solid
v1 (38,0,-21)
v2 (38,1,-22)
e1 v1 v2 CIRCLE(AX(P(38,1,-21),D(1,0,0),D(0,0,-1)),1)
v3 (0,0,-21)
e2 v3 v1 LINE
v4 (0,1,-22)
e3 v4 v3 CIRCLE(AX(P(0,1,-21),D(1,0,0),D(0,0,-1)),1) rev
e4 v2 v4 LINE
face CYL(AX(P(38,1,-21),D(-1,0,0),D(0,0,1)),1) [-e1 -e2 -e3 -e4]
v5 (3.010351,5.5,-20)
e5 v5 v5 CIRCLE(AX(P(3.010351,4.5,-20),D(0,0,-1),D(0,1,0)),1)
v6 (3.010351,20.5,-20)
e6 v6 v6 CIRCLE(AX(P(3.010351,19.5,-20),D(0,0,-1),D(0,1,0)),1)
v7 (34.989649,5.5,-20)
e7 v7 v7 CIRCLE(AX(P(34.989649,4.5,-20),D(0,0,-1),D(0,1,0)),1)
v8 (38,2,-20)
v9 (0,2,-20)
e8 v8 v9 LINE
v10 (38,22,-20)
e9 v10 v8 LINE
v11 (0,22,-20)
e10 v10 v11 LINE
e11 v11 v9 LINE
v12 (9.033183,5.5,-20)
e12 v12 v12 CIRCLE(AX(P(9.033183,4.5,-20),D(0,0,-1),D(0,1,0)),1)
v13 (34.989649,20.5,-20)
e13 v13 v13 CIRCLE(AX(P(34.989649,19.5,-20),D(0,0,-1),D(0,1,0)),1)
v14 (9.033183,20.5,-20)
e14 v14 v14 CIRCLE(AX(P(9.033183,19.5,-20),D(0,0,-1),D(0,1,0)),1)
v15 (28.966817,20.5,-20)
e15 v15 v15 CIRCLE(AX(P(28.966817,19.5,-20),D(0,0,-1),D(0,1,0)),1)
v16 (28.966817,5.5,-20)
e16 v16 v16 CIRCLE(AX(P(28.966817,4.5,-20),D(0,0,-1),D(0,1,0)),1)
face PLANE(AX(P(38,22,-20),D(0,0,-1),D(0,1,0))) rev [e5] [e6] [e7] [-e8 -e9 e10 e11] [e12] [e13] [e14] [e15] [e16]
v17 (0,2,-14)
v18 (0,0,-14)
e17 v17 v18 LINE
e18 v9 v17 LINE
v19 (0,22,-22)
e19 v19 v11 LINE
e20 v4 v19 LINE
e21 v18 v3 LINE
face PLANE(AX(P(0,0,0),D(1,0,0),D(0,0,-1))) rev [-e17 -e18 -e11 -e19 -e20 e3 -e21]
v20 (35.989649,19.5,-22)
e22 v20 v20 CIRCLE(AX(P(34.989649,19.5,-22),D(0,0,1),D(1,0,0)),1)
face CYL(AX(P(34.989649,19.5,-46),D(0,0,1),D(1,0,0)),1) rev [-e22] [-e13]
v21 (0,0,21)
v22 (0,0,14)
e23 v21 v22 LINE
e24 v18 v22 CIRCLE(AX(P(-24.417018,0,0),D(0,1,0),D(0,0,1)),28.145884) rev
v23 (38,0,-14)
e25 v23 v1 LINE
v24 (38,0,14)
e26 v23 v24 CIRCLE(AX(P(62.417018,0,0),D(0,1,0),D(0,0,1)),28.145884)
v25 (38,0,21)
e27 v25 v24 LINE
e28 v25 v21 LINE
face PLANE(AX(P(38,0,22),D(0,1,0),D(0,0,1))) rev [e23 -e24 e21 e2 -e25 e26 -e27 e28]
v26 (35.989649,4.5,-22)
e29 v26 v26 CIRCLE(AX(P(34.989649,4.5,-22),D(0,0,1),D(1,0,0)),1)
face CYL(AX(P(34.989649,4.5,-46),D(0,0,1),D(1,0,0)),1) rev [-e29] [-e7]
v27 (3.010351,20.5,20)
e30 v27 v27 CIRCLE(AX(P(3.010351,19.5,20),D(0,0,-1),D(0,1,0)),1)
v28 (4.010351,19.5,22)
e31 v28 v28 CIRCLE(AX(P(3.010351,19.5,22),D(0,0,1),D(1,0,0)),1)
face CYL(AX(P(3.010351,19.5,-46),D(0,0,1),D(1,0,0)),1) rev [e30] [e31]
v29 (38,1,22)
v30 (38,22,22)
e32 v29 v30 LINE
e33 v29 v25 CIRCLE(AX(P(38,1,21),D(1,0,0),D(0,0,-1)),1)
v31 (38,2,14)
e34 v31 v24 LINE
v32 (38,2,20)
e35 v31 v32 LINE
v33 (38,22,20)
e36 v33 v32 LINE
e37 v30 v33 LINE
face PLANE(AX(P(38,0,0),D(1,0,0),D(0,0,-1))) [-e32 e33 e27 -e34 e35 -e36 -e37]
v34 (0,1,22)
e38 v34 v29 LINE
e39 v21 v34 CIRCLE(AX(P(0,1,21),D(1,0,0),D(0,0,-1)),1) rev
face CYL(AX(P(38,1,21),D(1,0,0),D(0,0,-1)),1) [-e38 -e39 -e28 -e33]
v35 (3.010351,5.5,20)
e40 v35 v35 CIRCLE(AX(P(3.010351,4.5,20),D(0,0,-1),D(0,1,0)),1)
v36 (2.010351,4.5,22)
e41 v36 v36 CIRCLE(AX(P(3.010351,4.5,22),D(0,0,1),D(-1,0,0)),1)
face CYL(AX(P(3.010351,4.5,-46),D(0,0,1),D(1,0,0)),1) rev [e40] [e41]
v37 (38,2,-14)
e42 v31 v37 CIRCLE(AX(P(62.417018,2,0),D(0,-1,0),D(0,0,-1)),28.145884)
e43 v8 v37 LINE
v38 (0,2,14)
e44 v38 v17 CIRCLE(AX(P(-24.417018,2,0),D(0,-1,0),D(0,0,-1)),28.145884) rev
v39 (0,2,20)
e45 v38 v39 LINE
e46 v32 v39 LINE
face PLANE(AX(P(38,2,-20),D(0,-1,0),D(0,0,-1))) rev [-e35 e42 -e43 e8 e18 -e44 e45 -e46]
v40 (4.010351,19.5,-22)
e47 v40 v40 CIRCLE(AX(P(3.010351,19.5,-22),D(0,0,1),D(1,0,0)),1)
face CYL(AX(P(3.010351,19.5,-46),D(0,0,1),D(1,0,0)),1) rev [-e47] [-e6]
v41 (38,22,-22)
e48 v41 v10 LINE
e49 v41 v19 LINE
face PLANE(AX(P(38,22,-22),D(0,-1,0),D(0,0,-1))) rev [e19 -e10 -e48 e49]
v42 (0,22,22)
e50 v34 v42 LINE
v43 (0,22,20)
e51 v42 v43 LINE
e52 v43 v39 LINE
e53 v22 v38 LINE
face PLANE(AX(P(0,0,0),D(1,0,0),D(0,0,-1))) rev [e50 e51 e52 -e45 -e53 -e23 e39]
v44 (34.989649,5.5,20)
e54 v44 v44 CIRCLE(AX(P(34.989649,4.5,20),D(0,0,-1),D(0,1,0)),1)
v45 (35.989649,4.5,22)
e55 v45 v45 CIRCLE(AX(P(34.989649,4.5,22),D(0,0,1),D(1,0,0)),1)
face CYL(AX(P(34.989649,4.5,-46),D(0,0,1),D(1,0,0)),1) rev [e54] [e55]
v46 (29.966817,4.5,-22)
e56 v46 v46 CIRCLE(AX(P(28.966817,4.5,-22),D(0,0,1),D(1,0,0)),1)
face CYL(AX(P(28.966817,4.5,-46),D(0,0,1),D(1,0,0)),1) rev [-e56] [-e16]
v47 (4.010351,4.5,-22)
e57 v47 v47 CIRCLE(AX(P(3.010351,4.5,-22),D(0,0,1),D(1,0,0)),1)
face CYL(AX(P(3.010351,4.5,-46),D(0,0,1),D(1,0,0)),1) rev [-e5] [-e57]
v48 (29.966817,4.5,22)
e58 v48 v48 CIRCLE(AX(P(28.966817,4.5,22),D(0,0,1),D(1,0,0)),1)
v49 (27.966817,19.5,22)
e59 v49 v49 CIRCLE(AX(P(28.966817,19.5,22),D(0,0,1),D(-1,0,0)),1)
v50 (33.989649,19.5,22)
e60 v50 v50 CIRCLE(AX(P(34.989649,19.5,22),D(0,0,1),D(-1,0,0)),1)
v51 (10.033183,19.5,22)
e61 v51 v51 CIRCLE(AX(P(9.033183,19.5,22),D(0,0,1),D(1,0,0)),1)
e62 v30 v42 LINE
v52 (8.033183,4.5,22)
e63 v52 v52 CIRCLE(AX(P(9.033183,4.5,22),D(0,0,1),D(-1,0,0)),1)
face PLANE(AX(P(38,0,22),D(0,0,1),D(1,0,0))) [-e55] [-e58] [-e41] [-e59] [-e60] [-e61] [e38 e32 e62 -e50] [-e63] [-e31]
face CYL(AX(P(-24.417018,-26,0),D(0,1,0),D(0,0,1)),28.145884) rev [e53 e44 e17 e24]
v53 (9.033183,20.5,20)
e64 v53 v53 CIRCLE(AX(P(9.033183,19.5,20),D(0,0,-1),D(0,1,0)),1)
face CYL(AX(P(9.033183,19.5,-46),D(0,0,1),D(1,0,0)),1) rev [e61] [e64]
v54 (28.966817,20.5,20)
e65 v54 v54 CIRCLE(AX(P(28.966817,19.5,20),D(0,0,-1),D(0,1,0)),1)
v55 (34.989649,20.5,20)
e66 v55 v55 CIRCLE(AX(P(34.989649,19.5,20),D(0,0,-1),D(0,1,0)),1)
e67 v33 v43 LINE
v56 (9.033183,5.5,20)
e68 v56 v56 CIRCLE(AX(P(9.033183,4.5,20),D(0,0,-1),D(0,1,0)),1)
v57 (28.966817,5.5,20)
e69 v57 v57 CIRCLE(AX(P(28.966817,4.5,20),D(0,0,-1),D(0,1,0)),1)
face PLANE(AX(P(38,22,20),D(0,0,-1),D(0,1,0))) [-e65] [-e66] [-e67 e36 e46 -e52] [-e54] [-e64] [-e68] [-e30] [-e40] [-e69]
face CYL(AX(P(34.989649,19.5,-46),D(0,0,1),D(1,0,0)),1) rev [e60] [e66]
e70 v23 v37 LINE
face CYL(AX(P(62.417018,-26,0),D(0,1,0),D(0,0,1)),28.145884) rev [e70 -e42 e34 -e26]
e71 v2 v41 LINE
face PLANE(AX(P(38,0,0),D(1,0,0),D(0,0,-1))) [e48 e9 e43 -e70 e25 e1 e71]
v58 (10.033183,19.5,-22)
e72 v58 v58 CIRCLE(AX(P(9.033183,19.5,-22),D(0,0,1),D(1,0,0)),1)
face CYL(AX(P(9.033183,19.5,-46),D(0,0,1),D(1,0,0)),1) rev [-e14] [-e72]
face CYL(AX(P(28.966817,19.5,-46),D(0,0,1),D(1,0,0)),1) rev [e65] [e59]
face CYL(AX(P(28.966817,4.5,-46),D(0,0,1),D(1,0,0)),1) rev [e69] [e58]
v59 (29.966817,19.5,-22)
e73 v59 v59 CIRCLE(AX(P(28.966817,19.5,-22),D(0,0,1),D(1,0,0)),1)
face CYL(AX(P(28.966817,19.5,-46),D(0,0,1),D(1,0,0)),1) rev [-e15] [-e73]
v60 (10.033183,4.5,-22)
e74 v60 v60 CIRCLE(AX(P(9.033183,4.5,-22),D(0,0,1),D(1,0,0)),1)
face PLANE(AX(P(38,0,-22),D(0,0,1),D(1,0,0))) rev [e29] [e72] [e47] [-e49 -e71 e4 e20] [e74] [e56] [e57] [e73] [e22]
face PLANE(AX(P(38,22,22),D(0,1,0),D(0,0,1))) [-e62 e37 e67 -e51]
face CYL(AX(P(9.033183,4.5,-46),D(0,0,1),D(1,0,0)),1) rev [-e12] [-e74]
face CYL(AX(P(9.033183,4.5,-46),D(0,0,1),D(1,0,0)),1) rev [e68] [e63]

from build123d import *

# Parameters (mm, degrees)
EXTRUDE_1_DEPTH     = 38
CUT_EXTRUDE_1_DEPTH = 38
SKETCH_4_R          = 1
CUT_EXTRUDE_3_DEPTH = 68
FILLET_1_R          = 1


with BuildPart() as part:
    # ｽｹｯﾁ1 → ﾎﾞｽ - 押し出し1 (new body)
    with BuildSketch(Plane(origin=(0, 0, 0), x_dir=(0, 0, -1), z_dir=(1, 0, 0))):
        Polygon((-22, 0), (22, 0), (22, 22), (20, 22), (20, 2), (-20, 2), (-20, 22), (-22, 22), align=None)
    extrude(amount=EXTRUDE_1_DEPTH)

    # ｽｹｯﾁ3 → ｶｯﾄ - 押し出し1 (cut)
    with BuildSketch(Plane(origin=(0, 12, 0), x_dir=(1, 0, 0), z_dir=(0, 1, 0))):
        with BuildLine():
            ThreePointArc((0, 14), (3.728865695, 0), (0, -14))
            Line((0, -14), (0, 14))
        make_face()
        with BuildLine():
            Line((38, 14), (38, -14))
            ThreePointArc((38, -14), (34.271134305, 0), (38, 14))
        make_face()
    extrude(amount=-CUT_EXTRUDE_1_DEPTH, mode=Mode.SUBTRACT)

    # ｽｹｯﾁ4 → ｶｯﾄ - 押し出し3 (cut)
    with BuildSketch(Plane.XY.offset(22)):
        with Locations((3.010351423, 19.5)):
            Circle(SKETCH_4_R)
        with Locations((9.033182751, 19.5)):
            Circle(SKETCH_4_R)
        with Locations(Location((3.010351423, 4.5, 0), (0, 0, 90))):
            Circle(SKETCH_4_R)
        with Locations(Location((9.033182751, 4.5, 0), (0, 0, 90))):
            Circle(SKETCH_4_R)
        with Locations(Location((28.966817249, 19.5, 0), (0, 0, 90))):
            Circle(SKETCH_4_R)
        with Locations(Location((34.989648577, 19.5, 0), (0, 0, 90))):
            Circle(SKETCH_4_R)
        with Locations((34.989648577, 4.5)):
            Circle(SKETCH_4_R)
        with Locations((28.966817249, 4.5)):
            Circle(SKETCH_4_R)
    extrude(amount=-CUT_EXTRUDE_3_DEPTH, mode=Mode.SUBTRACT)

    # ﾌｨﾚｯﾄ1
    fillet_1_edges = [part.edges().sort_by_distance(p)[0] for p in [
        (19, 0, 22),
        (19, 0, -22),
    ]]
    fillet(fillet_1_edges, radius=FILLET_1_R)


solid = part.part
